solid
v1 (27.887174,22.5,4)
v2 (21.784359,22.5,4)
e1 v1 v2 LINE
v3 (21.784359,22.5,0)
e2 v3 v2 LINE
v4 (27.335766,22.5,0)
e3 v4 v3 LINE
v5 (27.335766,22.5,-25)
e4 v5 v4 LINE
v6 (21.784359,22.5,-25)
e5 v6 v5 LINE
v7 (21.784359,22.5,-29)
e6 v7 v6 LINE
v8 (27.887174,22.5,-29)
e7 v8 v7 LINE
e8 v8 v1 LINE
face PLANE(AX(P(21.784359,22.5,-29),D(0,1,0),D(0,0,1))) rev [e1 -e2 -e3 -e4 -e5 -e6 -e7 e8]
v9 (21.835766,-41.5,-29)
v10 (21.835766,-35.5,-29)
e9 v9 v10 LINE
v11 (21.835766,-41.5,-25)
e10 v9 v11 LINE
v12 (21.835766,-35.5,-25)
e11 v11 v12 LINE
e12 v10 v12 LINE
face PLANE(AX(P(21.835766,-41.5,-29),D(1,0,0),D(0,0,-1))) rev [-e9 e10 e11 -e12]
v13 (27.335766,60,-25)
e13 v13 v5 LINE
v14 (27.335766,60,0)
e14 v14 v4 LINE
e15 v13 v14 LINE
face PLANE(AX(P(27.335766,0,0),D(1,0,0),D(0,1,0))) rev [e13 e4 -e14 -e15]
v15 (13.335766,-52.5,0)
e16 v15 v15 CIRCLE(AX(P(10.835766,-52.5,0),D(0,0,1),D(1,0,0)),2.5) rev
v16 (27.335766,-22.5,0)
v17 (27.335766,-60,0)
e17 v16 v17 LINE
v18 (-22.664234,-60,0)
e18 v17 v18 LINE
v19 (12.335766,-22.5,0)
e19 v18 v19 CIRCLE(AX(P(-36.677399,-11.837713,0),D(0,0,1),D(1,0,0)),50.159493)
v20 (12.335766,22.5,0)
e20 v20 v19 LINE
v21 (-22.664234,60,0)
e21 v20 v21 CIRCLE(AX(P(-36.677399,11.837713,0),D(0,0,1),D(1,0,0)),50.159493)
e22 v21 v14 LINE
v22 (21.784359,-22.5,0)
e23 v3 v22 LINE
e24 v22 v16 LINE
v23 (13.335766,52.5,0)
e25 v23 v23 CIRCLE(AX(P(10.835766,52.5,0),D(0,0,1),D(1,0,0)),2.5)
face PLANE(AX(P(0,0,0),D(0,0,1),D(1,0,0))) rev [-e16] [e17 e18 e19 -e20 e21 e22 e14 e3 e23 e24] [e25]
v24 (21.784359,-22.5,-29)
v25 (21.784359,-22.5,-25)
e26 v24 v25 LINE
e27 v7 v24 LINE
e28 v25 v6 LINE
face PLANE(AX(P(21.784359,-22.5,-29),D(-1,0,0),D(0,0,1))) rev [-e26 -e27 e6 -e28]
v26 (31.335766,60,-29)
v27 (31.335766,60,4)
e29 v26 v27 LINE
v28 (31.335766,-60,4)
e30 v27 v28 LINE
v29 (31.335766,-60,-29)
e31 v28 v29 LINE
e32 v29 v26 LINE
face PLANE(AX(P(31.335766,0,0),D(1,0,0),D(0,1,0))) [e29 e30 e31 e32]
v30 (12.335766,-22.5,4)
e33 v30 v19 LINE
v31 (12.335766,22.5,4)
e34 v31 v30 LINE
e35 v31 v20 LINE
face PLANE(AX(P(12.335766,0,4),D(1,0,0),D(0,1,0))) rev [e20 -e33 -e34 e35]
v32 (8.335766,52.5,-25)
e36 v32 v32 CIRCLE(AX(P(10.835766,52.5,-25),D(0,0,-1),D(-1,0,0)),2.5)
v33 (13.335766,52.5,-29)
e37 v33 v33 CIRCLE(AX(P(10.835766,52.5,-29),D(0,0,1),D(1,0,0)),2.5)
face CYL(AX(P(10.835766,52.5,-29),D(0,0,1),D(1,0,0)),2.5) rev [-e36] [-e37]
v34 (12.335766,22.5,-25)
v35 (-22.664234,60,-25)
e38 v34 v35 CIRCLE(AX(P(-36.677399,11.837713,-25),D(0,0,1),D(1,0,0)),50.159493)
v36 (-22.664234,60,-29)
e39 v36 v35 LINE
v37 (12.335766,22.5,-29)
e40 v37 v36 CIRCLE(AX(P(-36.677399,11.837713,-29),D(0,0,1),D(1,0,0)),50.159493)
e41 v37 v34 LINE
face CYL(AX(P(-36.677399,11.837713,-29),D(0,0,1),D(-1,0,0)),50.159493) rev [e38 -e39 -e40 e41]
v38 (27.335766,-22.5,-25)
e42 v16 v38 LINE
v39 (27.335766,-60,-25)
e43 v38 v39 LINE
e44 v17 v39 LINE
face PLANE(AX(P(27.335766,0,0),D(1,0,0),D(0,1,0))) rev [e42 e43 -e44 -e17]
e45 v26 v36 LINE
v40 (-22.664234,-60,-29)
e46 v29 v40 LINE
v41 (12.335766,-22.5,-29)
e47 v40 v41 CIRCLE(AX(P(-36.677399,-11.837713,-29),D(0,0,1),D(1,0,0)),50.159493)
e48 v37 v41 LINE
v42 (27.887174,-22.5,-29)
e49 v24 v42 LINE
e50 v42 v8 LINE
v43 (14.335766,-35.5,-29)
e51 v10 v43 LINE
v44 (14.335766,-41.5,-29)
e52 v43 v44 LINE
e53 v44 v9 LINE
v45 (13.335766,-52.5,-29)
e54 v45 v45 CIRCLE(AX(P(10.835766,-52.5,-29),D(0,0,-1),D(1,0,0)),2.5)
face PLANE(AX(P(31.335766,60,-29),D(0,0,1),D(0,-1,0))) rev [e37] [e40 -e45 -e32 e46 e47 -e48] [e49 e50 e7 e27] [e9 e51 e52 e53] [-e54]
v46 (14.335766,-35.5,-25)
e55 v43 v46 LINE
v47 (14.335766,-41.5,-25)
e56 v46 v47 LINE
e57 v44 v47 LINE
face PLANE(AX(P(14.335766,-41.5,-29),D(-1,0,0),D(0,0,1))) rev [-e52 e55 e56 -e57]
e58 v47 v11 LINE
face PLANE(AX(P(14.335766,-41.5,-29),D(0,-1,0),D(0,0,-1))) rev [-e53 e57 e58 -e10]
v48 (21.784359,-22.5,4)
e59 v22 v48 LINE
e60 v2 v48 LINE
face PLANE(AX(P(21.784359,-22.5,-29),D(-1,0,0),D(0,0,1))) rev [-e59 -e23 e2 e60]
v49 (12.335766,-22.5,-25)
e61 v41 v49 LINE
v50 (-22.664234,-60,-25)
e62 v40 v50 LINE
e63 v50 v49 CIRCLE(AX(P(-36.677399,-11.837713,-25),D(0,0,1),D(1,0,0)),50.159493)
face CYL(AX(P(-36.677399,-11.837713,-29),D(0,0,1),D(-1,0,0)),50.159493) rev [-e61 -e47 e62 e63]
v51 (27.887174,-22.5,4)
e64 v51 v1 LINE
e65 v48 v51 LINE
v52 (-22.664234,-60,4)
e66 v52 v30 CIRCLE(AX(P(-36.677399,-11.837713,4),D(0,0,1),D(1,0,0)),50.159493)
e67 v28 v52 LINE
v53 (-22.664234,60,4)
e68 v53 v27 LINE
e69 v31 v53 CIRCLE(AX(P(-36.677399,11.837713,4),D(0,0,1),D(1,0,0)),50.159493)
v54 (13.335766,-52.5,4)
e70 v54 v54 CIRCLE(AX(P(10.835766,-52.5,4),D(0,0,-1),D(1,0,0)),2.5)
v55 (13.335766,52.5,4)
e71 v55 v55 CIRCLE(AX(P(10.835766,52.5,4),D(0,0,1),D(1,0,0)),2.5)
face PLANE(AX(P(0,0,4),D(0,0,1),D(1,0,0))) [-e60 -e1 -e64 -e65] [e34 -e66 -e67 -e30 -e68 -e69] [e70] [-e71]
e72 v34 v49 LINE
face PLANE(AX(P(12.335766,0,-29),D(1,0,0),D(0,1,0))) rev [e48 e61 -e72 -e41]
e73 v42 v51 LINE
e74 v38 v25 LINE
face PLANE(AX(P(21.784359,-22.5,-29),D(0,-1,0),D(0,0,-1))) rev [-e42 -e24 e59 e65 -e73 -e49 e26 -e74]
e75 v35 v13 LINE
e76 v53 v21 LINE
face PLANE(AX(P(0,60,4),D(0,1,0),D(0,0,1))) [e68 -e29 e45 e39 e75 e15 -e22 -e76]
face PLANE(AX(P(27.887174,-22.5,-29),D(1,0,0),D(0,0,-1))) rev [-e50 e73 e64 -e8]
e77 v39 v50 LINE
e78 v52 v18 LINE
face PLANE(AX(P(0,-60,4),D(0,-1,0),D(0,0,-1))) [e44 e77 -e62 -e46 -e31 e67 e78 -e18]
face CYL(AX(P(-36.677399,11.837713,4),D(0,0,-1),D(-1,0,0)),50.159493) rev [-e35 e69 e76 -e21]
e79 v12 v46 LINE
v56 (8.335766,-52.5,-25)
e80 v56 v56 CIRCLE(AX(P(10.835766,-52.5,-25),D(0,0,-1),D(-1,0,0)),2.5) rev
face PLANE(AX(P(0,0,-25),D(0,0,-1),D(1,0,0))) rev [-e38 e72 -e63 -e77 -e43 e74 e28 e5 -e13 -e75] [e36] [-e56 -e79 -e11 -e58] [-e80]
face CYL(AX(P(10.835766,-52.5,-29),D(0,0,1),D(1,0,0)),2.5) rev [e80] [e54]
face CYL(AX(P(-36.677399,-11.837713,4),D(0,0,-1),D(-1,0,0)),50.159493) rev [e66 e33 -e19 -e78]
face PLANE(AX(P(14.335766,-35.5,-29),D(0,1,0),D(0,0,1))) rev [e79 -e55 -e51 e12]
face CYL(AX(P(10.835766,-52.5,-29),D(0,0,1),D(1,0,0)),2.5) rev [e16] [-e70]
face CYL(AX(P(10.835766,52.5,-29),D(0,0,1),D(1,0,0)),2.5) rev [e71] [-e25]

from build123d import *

# Parameters (mm, degrees)
SKETCH3_W           = 13
SKETCH3_H           = 120
BOSS_EXTRUDE1_DEPTH = 4
SKETCH11_W          = 33
SKETCH11_H          = 120
BOSS_EXTRUDE4_DEPTH = 4
SKETCH12_R          = 2.5
CUT_EXTRUDE3_DEPTH  = 76.305579191
SKETCH13_W          = 6.102814475
SKETCH13_H          = 45
CUT_EXTRUDE4_DEPTH  = 76.305579191
SKETCH15_W          = 7.5
SKETCH15_H          = 6
CUT_EXTRUDE5_DEPTH  = 74.640547644


with BuildPart() as part:
    # Sketch3 → Boss-Extrude1 (new body)
    with BuildSketch(Plane.XY):
        with Locations((20.835766423, 0)):
            Rectangle(SKETCH3_W, SKETCH3_H)
        with BuildLine():
            Line((14.335766423, 0), (14.335766423, 60))
            Line((14.335766423, 60), (-22.664233577, 60))
            ThreePointArc((-22.664233577, 60), (-0.008037132, 46.062450015), (12.335766423, 22.5))
            Line((12.335766423, 22.5), (12.335766423, 0))
            Line((12.335766423, 0), (14.335766423, 0))
        make_face()
        with BuildLine():
            Line((14.335766423, -60), (14.335766423, 0))
            Line((14.335766423, 0), (12.335766423, 0))
            Line((12.335766423, 0), (12.335766423, -22.5))
            ThreePointArc((12.335766423, -22.5), (-0.008037132, -46.062450015), (-22.664233577, -60))
            Line((-22.664233577, -60), (14.335766423, -60))
        make_face()
    extrude(amount=BOSS_EXTRUDE1_DEPTH)


with BuildPart() as body_2:
    # Mirror4: mirrored copy
    add(part.part.mirror(Plane.XY.offset(-12.5)))


with BuildPart() as part_1:
    add(part.part)

    add(body_2.part)  # Boss-Extrude4 merges body 2
    # Sketch11 → Boss-Extrude4 (add)
    with BuildSketch(Plane(origin=(27.335766423, 0, 0), x_dir=(0, 0, -1), z_dir=(1, 0, 0))):
        with Locations((12.5, 0)):
            Rectangle(SKETCH11_W, SKETCH11_H)
    extrude(amount=BOSS_EXTRUDE4_DEPTH)

    # Sketch12 → Cut-Extrude3 (cut, through all)
    with BuildSketch(Plane.XY.offset(4)):
        with Locations((10.835766423, 52.5)):
            Circle(SKETCH12_R)
    cut_extrude3 = extrude(amount=-CUT_EXTRUDE3_DEPTH, mode=Mode.SUBTRACT)

    # Mirror5: Cut-Extrude3 across plane
    add(cut_extrude3.mirror(Plane.ZX), mode=Mode.SUBTRACT)

    # Sketch13 → Cut-Extrude4 (cut, through all)
    with BuildSketch(Plane.XY.offset(4)):
        with Locations((24.835766424, 0)):
            Rectangle(SKETCH13_W, SKETCH13_H)
    extrude(amount=-CUT_EXTRUDE4_DEPTH, mode=Mode.SUBTRACT)

    # Sketch15 → Cut-Extrude5 (cut, through all)
    with BuildSketch(Plane.XY.offset(-25)):
        with Locations((18.085766423, -38.5)):
            Rectangle(SKETCH15_W, SKETCH15_H)
    extrude(amount=-CUT_EXTRUDE5_DEPTH, mode=Mode.SUBTRACT)


solid = part_1.part
